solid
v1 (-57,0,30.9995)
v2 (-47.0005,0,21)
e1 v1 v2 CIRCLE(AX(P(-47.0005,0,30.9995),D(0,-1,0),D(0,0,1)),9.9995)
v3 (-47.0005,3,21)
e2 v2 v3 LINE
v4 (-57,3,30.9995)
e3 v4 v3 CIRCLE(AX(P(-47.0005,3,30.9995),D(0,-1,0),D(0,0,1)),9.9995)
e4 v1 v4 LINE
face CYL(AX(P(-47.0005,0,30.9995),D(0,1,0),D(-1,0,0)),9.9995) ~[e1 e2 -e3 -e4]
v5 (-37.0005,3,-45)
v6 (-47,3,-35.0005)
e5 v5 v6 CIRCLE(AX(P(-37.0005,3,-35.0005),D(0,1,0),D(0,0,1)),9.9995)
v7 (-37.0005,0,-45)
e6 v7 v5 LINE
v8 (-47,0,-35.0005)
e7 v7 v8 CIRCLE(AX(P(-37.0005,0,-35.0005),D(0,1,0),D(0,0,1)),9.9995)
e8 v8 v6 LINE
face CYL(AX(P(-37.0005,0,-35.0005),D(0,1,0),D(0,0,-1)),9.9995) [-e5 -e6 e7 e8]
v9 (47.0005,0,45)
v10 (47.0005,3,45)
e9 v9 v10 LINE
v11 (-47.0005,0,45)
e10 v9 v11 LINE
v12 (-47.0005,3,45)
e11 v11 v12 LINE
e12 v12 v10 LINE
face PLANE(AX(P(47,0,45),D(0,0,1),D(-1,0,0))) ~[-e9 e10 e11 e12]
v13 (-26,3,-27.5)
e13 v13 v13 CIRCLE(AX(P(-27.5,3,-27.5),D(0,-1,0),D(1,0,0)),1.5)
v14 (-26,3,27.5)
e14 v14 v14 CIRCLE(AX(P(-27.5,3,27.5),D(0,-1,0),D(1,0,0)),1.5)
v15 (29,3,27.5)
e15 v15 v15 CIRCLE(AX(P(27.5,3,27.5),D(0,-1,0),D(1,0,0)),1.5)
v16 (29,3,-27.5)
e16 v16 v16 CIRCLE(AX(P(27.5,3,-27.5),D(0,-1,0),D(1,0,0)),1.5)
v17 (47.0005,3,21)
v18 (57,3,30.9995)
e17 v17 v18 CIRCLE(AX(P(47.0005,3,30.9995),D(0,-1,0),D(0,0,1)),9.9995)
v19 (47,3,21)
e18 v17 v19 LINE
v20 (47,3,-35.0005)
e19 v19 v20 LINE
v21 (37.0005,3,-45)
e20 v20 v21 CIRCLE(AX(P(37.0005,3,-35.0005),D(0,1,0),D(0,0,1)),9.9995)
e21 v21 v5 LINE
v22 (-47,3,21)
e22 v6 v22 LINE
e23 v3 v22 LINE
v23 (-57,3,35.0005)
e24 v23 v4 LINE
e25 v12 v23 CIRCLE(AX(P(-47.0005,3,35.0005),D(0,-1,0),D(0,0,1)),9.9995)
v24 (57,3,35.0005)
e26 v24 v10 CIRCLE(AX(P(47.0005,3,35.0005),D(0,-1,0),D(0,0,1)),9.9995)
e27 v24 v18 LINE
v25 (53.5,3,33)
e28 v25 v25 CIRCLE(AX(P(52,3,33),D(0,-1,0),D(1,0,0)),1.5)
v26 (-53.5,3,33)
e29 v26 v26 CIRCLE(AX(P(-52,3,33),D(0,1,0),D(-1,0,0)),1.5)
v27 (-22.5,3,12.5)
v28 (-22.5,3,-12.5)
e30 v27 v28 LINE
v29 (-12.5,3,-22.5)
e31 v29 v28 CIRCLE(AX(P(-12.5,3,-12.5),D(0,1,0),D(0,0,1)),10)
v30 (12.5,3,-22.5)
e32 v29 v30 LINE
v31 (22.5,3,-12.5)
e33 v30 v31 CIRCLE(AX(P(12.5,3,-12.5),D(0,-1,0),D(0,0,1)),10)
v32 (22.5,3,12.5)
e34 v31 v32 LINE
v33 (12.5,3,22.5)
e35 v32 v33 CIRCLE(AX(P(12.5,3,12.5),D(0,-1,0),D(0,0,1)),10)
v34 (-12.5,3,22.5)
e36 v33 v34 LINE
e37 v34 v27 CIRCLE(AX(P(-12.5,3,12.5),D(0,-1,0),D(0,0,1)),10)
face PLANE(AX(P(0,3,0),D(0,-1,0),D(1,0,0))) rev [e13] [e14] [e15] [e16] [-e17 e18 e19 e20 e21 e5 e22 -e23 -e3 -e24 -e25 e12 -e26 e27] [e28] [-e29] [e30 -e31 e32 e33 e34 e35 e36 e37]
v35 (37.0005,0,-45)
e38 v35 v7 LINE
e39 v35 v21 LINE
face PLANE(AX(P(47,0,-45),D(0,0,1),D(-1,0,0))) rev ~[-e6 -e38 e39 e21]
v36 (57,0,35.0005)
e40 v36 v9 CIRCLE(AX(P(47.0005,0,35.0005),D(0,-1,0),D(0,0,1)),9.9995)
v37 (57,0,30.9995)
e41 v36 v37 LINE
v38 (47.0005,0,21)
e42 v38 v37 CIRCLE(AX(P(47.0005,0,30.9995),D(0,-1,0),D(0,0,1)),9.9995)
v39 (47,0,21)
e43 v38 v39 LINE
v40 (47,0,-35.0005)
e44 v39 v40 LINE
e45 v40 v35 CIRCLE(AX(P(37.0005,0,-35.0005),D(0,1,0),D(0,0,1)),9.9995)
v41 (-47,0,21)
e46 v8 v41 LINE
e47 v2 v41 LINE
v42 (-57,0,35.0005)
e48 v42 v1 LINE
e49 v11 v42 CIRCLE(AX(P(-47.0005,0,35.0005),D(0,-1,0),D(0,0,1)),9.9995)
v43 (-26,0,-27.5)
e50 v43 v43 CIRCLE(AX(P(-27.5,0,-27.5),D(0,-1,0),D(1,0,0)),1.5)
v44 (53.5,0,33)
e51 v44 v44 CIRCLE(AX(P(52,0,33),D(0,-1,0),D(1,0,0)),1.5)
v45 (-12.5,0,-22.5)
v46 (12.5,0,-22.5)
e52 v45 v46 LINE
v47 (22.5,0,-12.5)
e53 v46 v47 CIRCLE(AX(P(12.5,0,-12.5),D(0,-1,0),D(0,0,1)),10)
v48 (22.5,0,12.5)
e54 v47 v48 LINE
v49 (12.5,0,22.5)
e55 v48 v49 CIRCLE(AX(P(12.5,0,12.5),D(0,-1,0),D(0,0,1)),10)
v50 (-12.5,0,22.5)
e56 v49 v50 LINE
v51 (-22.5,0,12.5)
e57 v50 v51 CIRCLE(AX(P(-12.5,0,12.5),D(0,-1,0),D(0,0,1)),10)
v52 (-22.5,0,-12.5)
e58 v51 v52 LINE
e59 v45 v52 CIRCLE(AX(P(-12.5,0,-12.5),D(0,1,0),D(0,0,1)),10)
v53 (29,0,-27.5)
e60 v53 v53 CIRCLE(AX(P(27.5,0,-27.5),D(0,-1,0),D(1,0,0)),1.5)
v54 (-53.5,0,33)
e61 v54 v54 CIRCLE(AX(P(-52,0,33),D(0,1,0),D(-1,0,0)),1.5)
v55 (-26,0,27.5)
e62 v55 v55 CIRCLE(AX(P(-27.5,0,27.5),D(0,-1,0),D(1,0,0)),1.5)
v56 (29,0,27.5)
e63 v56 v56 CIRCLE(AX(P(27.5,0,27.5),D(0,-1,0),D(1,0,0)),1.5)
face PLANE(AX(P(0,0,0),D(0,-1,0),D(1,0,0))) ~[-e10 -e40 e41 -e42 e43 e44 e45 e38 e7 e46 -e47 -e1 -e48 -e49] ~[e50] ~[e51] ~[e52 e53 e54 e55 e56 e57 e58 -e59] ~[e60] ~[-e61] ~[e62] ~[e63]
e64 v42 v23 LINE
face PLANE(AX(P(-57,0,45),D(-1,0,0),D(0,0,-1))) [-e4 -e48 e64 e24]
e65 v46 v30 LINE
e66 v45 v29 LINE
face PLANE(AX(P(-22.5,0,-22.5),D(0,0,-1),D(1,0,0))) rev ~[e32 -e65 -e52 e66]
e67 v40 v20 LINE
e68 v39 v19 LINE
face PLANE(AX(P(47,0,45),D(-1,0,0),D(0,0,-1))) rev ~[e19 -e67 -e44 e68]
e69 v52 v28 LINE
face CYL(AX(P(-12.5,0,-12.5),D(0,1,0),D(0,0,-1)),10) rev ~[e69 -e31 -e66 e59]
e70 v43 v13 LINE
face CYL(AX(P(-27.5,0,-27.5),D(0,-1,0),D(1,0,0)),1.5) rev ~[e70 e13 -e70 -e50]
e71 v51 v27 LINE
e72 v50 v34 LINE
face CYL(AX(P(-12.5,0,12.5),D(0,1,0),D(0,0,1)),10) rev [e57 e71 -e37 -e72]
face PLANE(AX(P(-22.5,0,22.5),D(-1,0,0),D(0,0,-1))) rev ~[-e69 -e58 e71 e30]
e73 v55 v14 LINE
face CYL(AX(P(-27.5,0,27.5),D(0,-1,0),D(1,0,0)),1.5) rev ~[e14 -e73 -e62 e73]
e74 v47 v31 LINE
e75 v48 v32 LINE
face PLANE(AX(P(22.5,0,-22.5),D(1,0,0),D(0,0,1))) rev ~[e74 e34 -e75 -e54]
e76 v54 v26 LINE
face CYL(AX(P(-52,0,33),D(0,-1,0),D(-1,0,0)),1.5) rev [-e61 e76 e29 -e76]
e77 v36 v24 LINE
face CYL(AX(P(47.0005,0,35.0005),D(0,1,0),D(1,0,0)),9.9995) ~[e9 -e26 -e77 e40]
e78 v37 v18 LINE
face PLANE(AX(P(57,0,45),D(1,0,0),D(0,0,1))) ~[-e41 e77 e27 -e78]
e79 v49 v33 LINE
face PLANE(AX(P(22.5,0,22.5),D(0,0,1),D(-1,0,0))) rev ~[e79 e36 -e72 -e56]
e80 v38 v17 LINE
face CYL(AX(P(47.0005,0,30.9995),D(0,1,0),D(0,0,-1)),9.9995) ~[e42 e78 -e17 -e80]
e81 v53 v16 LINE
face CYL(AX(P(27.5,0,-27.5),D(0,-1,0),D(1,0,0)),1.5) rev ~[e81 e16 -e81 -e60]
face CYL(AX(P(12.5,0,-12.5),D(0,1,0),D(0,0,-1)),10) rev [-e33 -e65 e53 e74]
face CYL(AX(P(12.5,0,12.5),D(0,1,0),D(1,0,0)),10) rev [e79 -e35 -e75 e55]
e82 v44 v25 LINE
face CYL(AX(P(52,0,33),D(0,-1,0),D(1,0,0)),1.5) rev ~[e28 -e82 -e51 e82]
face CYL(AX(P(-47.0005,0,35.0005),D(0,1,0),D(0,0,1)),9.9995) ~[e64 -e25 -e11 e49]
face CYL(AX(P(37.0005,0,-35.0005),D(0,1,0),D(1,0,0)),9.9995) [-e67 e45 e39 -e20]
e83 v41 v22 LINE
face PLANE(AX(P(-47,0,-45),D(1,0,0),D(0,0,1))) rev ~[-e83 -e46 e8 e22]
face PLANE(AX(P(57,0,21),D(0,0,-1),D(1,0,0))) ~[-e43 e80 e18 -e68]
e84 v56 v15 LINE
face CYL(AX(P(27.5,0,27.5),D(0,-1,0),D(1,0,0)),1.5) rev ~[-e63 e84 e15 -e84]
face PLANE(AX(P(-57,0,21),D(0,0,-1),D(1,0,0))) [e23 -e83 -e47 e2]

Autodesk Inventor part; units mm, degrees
ref_plane "YZ Plane" through (0, 0, 0) normal (1, 0, 0) x (0, 1, 0)
ref_plane "XZ Plane" through (0, 0, 0) normal (0, 1, 0) x (-1, 0, 0)
ref_plane "XY Plane" through (0, 0, 0) normal (0, 0, 1) x (1, 0, 0)
sketch "Sketch1" plane through (0, 0, 0) normal (0, 1, 0) x (-1, 0, 0)
  line L0 (-47, -45) -> (47, -45)
  line L1 (47, -45) -> (47, 45)
  line L2 (47, 45) -> (-47, 45)
  line L3 (-47, 45) -> (-47, -45)
  line L4 (-47, -45) -> (47, 45) construction
  line L5 (47, -45) -> (-47, 45) construction
  point P0 (0, 0)
  dimension "d0" = 94
  dimension "d1" = 90
extrude "Extrusion1" add sketch "Sketch1" along normal blind 3
sketch "Sketch2" plane through (0, 0, 0) normal (0, -1, 0) x (1, 0, 0)
  line L0 (-47, 45) -> (-57, 45)
  line L1 (-57, 45) -> (-57, 21)
  line L2 (-57, 21) -> (-47, 21)
  line L3 (-47, 21) -> (-47, 45)
  line L4 (47, -45) -> (-47, -45) projected
  point P0 (0, 0)
  dimension "d4" = 10
  dimension "d5" = 66
extrude "Extrusion2" add sketch "Sketch2" against normal blind 3
sketch "Sketch3" plane through (0, 0, 0) normal (0, -1, 0) x (1, 0, 0)
  line L0 (-30, 30) -> (30, 30) construction
  line L1 (30, 30) -> (30, -30) construction
  line L2 (30, -30) -> (-30, -30) construction
  line L3 (-30, -30) -> (-30, 30) construction
  line L4 (-30, 30) -> (30, -30) construction
  line L5 (30, 30) -> (-30, -30) construction
  circle A0 centre (-27.5, -27.5) radius 1.5
  circle A1 centre (27.5, -27.5) radius 1.5
  circle A2 centre (27.5, 27.5) radius 1.5
  circle A3 centre (-27.5, 27.5) radius 1.5
  point P0 (0, 0)
  dimension "d8" = 60
  dimension "d9" = 60
  dimension "d10" = 3
  dimension "d11" = 27.5
  dimension "d14" = 360
extrude "Extrusion3" cut sketch "Sketch3" against normal blind 3
sketch "Sketch4" plane through (0, 0, 0) normal (0, -1, 0) x (1, 0, 0)
  line L0 (22.5, 22.5) -> (-22.5, 22.5)
  line L1 (-22.5, 22.5) -> (-22.5, -22.5)
  line L2 (-22.5, -22.5) -> (22.5, -22.5)
  line L3 (22.5, -22.5) -> (22.5, 22.5)
  line L4 (22.5, 22.5) -> (-22.5, -22.5) construction
  line L5 (-22.5, 22.5) -> (22.5, -22.5) construction
  point P0 (0, 0)
  dimension "d18" = 45
  dimension "d19" = 45
extrude "Extrusion4" cut sketch "Sketch4" against normal blind 3
fillet "Fillet1" radius 10 3 edges at (-57, 1.5, 21) (-57, 1.5, 45) (-47, 1.5, -45)
mirror "Mirror1" about plane through (0, 0, 0) normal (1, 0, 0) of "Extrusion2", "Fillet1"
fillet "Fillet2" radius 10 4 edges at (-22.5, 1.5, -22.5) (22.5, 1.5, -22.5) (22.5, 1.5, 22.5) (-22.5, 1.5, 22.5)
sketch "Sketch5" plane through (0, 0, 0) normal (0, -1, 0) x (1, 0, 0)
  circle A0 centre (52, 33) radius 1.5
  line L0 (57, 35) -> (57, 31) projected
  point P0 (0, 0)
  point P1 (57, 33)
  dimension "d24" = 3
  dimension "d25" = 5
extrude "Extrusion5" cut sketch "Sketch5" against normal blind 3
mirror "Mirror2" about plane through (0, 0, 0) normal (1, 0, 0) of "Extrusion5"
properties part number "Bolt Cradel"
